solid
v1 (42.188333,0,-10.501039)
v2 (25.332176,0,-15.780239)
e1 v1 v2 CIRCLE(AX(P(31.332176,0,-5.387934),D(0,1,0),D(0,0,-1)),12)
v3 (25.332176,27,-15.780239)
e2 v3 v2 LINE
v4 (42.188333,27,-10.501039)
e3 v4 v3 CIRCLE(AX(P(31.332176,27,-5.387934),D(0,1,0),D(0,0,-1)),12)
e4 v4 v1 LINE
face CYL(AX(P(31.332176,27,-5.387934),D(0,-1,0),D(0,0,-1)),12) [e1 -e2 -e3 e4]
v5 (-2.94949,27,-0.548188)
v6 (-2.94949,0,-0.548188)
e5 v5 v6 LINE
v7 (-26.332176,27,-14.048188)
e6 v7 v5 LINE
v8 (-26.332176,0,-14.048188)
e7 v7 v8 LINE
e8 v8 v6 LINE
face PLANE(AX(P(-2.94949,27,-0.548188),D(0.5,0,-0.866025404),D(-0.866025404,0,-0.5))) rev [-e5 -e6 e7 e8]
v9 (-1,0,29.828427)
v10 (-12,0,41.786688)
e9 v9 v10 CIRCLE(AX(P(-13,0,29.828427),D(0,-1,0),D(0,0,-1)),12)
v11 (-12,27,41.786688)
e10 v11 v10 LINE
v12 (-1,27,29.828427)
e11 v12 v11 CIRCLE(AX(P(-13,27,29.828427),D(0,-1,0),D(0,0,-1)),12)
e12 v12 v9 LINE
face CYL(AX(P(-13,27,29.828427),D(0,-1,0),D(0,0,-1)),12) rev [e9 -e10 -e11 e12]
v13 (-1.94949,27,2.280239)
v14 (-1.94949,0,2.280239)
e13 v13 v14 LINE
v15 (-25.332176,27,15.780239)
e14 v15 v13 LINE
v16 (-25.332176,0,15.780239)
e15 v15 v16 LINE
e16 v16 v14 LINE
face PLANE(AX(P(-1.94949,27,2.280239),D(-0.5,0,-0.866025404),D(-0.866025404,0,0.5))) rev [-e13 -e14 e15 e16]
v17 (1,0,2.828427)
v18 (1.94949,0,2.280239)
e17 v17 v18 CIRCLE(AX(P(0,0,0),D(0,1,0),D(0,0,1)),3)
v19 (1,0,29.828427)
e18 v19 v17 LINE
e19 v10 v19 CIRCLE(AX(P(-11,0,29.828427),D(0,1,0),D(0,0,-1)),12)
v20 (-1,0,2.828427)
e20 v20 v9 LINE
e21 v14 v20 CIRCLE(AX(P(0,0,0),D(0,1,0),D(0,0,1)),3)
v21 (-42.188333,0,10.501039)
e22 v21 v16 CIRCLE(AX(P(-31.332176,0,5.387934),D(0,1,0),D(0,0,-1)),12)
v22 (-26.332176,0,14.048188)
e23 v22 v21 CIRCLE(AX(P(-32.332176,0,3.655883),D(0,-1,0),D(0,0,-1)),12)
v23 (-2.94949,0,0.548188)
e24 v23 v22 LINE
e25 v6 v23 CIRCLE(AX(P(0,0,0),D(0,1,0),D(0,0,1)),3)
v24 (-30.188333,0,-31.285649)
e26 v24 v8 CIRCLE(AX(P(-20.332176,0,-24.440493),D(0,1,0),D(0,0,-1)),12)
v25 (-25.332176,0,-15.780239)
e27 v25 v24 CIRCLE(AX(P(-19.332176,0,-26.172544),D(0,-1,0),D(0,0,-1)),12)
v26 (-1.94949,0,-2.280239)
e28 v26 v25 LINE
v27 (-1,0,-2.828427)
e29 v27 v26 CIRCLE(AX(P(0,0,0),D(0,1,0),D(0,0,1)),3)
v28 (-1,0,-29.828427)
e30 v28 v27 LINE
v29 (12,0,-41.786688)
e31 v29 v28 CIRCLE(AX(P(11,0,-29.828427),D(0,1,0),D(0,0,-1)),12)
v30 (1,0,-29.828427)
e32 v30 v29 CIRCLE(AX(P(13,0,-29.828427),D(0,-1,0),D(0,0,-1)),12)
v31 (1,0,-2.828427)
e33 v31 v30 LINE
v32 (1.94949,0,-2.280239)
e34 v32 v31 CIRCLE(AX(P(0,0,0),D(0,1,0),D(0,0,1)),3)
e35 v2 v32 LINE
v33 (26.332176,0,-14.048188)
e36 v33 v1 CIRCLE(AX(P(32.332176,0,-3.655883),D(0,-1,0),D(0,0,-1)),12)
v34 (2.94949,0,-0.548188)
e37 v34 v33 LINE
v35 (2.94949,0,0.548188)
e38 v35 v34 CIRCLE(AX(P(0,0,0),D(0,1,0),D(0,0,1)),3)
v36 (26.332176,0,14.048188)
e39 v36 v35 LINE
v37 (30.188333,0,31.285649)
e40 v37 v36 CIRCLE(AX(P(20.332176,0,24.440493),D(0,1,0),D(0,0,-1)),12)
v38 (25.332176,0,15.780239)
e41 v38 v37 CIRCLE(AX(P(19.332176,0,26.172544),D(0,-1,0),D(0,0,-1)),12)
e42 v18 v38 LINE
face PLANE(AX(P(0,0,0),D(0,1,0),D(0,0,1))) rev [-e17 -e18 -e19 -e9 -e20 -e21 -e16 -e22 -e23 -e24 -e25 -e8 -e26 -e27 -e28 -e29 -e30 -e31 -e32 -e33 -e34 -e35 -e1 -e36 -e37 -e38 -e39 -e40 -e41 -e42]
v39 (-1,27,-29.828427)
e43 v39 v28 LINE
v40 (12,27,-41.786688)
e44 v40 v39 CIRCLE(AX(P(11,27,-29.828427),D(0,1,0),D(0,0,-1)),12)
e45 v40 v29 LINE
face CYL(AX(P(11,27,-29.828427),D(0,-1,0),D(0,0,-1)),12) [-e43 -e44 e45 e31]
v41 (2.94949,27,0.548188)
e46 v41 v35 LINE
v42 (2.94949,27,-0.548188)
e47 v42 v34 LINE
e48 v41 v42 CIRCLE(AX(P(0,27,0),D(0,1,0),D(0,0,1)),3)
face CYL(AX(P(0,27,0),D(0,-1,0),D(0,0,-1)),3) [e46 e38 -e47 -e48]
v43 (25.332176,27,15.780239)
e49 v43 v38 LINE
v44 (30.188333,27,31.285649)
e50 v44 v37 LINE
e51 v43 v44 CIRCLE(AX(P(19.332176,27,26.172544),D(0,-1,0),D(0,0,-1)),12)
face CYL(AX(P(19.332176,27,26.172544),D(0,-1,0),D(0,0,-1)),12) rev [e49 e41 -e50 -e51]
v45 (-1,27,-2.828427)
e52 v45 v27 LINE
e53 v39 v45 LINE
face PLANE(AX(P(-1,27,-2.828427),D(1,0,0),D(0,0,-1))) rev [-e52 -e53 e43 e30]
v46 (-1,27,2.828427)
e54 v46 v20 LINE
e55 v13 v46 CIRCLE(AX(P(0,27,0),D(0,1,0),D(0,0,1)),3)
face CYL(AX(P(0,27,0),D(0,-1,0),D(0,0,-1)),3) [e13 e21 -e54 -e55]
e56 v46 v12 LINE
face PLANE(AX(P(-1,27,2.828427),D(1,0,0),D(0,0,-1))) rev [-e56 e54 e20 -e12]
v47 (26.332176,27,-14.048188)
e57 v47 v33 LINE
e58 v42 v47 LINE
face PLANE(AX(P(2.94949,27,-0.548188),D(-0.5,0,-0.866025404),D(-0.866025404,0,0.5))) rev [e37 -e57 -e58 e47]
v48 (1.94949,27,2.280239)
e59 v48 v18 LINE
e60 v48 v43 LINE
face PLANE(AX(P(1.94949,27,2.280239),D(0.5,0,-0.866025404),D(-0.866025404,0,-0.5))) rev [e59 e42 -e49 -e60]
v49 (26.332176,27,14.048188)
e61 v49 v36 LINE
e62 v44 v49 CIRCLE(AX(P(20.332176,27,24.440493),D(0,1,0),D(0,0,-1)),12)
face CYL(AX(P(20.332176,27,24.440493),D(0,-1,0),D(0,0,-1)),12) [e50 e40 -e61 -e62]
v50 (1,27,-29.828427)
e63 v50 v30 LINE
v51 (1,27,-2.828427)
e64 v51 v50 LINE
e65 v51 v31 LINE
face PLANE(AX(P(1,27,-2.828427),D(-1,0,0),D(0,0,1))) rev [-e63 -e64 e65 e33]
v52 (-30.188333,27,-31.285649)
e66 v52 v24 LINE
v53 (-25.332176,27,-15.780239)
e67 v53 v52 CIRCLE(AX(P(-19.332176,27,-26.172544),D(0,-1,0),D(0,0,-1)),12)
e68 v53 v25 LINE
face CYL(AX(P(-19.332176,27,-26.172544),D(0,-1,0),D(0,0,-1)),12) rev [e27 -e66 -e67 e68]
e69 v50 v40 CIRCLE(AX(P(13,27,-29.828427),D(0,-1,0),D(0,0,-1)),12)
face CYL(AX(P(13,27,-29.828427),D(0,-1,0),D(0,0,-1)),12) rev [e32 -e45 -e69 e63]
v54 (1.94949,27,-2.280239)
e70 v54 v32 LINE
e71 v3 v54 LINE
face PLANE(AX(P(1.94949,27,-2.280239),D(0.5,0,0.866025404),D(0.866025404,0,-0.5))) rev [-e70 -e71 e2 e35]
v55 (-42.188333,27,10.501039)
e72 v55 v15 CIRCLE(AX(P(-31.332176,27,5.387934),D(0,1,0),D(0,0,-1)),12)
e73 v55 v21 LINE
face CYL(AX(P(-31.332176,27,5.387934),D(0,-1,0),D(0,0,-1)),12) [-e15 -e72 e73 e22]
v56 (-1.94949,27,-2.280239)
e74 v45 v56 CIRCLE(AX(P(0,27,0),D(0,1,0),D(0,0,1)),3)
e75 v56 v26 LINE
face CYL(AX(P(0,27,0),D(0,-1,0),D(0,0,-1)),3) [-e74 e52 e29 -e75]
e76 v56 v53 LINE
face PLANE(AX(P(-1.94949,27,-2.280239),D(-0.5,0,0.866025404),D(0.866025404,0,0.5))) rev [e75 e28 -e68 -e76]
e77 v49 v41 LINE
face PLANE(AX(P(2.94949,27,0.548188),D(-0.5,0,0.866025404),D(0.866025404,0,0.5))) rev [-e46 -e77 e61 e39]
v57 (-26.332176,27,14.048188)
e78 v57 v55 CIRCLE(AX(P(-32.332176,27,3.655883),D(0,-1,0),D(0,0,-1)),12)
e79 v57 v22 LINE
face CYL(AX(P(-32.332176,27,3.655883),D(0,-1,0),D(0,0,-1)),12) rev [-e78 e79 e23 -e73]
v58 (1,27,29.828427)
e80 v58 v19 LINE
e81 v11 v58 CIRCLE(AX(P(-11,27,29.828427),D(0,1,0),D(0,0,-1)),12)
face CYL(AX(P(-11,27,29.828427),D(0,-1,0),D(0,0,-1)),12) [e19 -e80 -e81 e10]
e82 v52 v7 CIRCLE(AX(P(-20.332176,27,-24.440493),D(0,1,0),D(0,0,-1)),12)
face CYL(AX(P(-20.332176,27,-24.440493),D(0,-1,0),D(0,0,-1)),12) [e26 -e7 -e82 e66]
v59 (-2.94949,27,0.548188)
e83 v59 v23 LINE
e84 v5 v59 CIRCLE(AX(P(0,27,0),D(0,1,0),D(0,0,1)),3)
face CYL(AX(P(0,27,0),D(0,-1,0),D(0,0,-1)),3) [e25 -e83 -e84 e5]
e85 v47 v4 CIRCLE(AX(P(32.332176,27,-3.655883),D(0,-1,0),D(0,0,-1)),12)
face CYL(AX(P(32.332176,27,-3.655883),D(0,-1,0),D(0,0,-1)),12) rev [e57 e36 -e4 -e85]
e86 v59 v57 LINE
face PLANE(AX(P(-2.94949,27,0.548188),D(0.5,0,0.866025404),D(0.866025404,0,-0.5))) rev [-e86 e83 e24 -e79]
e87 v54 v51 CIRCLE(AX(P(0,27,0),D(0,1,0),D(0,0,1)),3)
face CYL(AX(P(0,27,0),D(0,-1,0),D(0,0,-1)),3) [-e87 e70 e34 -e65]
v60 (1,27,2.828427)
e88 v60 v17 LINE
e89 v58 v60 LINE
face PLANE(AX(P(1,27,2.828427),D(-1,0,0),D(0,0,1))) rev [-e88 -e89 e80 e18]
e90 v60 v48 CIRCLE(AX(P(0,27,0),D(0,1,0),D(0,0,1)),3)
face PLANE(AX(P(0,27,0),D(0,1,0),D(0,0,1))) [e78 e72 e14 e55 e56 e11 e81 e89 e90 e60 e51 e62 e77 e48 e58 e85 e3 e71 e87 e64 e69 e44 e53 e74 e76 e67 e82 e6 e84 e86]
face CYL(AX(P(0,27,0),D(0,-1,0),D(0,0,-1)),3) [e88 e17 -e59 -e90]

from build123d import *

# Parameters (mm, degrees)
BOSS_EXTRUDE1_DEPTH = 27


with BuildPart() as part:
    # Sketch2 → Boss-Extrude1 (new body)
    with BuildSketch(Plane(origin=(0, 0, 0), x_dir=(1, 0, 0), z_dir=(0, 1, 0))):
        with BuildLine():
            Line((1.949489743, 2.280238966), (25.332175645, 15.780238966))
            ThreePointArc((25.332175645, 15.780238966), (34.918685713, 16.839438194), (42.188333234, 10.501039089))
            ThreePointArc((42.188333234, 10.501039089), (34.951918852, 15.366431786), (26.332175645, 14.048188159))
            Line((26.332175645, 14.048188159), (2.949489743, 0.548188159))
            ThreePointArc((2.949489743, 0.548188159), (2.987345747, 0.275255129), (3, 0))
            ThreePointArc((3, 0), (2.987345747, -0.275255129), (2.949489743, -0.548188159))
            Line((2.949489743, -0.548188159), (26.332175645, -14.048188159))
            ThreePointArc((26.332175645, -14.048188159), (32.042724118, -21.820749797), (30.188333234, -31.285648779))
            ThreePointArc((30.188333234, -31.285648779), (30.783679718, -22.586033743), (25.332175645, -15.780238966))
            Line((25.332175645, -15.780238966), (1.949489743, -2.280238966))
            ThreePointArc((1.949489743, -2.280238966), (1.732050808, -2.449489743), (1.5, -2.598076211))
            ThreePointArc((1.5, -2.598076211), (1.25529494, -2.724744871), (1, -2.828427125))
            Line((1, -2.828427125), (1, -29.828427125))
            ThreePointArc((1, -29.828427125), (-2.875961595, -38.660187991), (-12, -41.786687868))
            ThreePointArc((-12, -41.786687868), (-4.168239134, -37.952465529), (-1, -29.828427125))
            Line((-1, -29.828427125), (-1, -2.828427125))
            ThreePointArc((-1, -2.828427125), (-1.25529494, -2.724744871), (-1.5, -2.598076211))
            ThreePointArc((-1.5, -2.598076211), (-1.732050808, -2.449489743), (-1.949489743, -2.280238966))
            Line((-1.949489743, -2.280238966), (-25.332175645, -15.780238966))
            ThreePointArc((-25.332175645, -15.780238966), (-34.918685713, -16.839438194), (-42.188333234, -10.501039089))
            ThreePointArc((-42.188333234, -10.501039089), (-34.951918852, -15.366431786), (-26.332175645, -14.048188159))
            Line((-26.332175645, -14.048188159), (-2.949489743, -0.548188159))
            ThreePointArc((-2.949489743, -0.548188159), (-2.987345747, -0.275255129), (-3, 0))
            ThreePointArc((-3, 0), (-2.987345747, 0.275255129), (-2.949489743, 0.548188159))
            Line((-2.949489743, 0.548188159), (-26.332175645, 14.048188159))
            ThreePointArc((-26.332175645, 14.048188159), (-32.042724118, 21.820749797), (-30.188333234, 31.285648779))
            ThreePointArc((-30.188333234, 31.285648779), (-30.783679718, 22.586033743), (-25.332175645, 15.780238966))
            Line((-25.332175645, 15.780238966), (-1.949489743, 2.280238966))
            ThreePointArc((-1.949489743, 2.280238966), (-1.732050808, 2.449489743), (-1.5, 2.598076211))
            ThreePointArc((-1.5, 2.598076211), (-1.25529494, 2.724744871), (-1, 2.828427125))
            Line((-1, 2.828427125), (-1, 29.828427125))
            ThreePointArc((-1, 29.828427125), (2.875961595, 38.660187991), (12, 41.786687868))
            ThreePointArc((12, 41.786687868), (4.168239134, 37.952465529), (1, 29.828427125))
            Line((1, 29.828427125), (1, 2.828427125))
            ThreePointArc((1, 2.828427125), (1.25529494, 2.724744871), (1.5, 2.598076211))
            ThreePointArc((1.5, 2.598076211), (1.732050808, 2.449489743), (1.949489743, 2.280238966))
        make_face()
    extrude(amount=BOSS_EXTRUDE1_DEPTH)


solid = part.part
